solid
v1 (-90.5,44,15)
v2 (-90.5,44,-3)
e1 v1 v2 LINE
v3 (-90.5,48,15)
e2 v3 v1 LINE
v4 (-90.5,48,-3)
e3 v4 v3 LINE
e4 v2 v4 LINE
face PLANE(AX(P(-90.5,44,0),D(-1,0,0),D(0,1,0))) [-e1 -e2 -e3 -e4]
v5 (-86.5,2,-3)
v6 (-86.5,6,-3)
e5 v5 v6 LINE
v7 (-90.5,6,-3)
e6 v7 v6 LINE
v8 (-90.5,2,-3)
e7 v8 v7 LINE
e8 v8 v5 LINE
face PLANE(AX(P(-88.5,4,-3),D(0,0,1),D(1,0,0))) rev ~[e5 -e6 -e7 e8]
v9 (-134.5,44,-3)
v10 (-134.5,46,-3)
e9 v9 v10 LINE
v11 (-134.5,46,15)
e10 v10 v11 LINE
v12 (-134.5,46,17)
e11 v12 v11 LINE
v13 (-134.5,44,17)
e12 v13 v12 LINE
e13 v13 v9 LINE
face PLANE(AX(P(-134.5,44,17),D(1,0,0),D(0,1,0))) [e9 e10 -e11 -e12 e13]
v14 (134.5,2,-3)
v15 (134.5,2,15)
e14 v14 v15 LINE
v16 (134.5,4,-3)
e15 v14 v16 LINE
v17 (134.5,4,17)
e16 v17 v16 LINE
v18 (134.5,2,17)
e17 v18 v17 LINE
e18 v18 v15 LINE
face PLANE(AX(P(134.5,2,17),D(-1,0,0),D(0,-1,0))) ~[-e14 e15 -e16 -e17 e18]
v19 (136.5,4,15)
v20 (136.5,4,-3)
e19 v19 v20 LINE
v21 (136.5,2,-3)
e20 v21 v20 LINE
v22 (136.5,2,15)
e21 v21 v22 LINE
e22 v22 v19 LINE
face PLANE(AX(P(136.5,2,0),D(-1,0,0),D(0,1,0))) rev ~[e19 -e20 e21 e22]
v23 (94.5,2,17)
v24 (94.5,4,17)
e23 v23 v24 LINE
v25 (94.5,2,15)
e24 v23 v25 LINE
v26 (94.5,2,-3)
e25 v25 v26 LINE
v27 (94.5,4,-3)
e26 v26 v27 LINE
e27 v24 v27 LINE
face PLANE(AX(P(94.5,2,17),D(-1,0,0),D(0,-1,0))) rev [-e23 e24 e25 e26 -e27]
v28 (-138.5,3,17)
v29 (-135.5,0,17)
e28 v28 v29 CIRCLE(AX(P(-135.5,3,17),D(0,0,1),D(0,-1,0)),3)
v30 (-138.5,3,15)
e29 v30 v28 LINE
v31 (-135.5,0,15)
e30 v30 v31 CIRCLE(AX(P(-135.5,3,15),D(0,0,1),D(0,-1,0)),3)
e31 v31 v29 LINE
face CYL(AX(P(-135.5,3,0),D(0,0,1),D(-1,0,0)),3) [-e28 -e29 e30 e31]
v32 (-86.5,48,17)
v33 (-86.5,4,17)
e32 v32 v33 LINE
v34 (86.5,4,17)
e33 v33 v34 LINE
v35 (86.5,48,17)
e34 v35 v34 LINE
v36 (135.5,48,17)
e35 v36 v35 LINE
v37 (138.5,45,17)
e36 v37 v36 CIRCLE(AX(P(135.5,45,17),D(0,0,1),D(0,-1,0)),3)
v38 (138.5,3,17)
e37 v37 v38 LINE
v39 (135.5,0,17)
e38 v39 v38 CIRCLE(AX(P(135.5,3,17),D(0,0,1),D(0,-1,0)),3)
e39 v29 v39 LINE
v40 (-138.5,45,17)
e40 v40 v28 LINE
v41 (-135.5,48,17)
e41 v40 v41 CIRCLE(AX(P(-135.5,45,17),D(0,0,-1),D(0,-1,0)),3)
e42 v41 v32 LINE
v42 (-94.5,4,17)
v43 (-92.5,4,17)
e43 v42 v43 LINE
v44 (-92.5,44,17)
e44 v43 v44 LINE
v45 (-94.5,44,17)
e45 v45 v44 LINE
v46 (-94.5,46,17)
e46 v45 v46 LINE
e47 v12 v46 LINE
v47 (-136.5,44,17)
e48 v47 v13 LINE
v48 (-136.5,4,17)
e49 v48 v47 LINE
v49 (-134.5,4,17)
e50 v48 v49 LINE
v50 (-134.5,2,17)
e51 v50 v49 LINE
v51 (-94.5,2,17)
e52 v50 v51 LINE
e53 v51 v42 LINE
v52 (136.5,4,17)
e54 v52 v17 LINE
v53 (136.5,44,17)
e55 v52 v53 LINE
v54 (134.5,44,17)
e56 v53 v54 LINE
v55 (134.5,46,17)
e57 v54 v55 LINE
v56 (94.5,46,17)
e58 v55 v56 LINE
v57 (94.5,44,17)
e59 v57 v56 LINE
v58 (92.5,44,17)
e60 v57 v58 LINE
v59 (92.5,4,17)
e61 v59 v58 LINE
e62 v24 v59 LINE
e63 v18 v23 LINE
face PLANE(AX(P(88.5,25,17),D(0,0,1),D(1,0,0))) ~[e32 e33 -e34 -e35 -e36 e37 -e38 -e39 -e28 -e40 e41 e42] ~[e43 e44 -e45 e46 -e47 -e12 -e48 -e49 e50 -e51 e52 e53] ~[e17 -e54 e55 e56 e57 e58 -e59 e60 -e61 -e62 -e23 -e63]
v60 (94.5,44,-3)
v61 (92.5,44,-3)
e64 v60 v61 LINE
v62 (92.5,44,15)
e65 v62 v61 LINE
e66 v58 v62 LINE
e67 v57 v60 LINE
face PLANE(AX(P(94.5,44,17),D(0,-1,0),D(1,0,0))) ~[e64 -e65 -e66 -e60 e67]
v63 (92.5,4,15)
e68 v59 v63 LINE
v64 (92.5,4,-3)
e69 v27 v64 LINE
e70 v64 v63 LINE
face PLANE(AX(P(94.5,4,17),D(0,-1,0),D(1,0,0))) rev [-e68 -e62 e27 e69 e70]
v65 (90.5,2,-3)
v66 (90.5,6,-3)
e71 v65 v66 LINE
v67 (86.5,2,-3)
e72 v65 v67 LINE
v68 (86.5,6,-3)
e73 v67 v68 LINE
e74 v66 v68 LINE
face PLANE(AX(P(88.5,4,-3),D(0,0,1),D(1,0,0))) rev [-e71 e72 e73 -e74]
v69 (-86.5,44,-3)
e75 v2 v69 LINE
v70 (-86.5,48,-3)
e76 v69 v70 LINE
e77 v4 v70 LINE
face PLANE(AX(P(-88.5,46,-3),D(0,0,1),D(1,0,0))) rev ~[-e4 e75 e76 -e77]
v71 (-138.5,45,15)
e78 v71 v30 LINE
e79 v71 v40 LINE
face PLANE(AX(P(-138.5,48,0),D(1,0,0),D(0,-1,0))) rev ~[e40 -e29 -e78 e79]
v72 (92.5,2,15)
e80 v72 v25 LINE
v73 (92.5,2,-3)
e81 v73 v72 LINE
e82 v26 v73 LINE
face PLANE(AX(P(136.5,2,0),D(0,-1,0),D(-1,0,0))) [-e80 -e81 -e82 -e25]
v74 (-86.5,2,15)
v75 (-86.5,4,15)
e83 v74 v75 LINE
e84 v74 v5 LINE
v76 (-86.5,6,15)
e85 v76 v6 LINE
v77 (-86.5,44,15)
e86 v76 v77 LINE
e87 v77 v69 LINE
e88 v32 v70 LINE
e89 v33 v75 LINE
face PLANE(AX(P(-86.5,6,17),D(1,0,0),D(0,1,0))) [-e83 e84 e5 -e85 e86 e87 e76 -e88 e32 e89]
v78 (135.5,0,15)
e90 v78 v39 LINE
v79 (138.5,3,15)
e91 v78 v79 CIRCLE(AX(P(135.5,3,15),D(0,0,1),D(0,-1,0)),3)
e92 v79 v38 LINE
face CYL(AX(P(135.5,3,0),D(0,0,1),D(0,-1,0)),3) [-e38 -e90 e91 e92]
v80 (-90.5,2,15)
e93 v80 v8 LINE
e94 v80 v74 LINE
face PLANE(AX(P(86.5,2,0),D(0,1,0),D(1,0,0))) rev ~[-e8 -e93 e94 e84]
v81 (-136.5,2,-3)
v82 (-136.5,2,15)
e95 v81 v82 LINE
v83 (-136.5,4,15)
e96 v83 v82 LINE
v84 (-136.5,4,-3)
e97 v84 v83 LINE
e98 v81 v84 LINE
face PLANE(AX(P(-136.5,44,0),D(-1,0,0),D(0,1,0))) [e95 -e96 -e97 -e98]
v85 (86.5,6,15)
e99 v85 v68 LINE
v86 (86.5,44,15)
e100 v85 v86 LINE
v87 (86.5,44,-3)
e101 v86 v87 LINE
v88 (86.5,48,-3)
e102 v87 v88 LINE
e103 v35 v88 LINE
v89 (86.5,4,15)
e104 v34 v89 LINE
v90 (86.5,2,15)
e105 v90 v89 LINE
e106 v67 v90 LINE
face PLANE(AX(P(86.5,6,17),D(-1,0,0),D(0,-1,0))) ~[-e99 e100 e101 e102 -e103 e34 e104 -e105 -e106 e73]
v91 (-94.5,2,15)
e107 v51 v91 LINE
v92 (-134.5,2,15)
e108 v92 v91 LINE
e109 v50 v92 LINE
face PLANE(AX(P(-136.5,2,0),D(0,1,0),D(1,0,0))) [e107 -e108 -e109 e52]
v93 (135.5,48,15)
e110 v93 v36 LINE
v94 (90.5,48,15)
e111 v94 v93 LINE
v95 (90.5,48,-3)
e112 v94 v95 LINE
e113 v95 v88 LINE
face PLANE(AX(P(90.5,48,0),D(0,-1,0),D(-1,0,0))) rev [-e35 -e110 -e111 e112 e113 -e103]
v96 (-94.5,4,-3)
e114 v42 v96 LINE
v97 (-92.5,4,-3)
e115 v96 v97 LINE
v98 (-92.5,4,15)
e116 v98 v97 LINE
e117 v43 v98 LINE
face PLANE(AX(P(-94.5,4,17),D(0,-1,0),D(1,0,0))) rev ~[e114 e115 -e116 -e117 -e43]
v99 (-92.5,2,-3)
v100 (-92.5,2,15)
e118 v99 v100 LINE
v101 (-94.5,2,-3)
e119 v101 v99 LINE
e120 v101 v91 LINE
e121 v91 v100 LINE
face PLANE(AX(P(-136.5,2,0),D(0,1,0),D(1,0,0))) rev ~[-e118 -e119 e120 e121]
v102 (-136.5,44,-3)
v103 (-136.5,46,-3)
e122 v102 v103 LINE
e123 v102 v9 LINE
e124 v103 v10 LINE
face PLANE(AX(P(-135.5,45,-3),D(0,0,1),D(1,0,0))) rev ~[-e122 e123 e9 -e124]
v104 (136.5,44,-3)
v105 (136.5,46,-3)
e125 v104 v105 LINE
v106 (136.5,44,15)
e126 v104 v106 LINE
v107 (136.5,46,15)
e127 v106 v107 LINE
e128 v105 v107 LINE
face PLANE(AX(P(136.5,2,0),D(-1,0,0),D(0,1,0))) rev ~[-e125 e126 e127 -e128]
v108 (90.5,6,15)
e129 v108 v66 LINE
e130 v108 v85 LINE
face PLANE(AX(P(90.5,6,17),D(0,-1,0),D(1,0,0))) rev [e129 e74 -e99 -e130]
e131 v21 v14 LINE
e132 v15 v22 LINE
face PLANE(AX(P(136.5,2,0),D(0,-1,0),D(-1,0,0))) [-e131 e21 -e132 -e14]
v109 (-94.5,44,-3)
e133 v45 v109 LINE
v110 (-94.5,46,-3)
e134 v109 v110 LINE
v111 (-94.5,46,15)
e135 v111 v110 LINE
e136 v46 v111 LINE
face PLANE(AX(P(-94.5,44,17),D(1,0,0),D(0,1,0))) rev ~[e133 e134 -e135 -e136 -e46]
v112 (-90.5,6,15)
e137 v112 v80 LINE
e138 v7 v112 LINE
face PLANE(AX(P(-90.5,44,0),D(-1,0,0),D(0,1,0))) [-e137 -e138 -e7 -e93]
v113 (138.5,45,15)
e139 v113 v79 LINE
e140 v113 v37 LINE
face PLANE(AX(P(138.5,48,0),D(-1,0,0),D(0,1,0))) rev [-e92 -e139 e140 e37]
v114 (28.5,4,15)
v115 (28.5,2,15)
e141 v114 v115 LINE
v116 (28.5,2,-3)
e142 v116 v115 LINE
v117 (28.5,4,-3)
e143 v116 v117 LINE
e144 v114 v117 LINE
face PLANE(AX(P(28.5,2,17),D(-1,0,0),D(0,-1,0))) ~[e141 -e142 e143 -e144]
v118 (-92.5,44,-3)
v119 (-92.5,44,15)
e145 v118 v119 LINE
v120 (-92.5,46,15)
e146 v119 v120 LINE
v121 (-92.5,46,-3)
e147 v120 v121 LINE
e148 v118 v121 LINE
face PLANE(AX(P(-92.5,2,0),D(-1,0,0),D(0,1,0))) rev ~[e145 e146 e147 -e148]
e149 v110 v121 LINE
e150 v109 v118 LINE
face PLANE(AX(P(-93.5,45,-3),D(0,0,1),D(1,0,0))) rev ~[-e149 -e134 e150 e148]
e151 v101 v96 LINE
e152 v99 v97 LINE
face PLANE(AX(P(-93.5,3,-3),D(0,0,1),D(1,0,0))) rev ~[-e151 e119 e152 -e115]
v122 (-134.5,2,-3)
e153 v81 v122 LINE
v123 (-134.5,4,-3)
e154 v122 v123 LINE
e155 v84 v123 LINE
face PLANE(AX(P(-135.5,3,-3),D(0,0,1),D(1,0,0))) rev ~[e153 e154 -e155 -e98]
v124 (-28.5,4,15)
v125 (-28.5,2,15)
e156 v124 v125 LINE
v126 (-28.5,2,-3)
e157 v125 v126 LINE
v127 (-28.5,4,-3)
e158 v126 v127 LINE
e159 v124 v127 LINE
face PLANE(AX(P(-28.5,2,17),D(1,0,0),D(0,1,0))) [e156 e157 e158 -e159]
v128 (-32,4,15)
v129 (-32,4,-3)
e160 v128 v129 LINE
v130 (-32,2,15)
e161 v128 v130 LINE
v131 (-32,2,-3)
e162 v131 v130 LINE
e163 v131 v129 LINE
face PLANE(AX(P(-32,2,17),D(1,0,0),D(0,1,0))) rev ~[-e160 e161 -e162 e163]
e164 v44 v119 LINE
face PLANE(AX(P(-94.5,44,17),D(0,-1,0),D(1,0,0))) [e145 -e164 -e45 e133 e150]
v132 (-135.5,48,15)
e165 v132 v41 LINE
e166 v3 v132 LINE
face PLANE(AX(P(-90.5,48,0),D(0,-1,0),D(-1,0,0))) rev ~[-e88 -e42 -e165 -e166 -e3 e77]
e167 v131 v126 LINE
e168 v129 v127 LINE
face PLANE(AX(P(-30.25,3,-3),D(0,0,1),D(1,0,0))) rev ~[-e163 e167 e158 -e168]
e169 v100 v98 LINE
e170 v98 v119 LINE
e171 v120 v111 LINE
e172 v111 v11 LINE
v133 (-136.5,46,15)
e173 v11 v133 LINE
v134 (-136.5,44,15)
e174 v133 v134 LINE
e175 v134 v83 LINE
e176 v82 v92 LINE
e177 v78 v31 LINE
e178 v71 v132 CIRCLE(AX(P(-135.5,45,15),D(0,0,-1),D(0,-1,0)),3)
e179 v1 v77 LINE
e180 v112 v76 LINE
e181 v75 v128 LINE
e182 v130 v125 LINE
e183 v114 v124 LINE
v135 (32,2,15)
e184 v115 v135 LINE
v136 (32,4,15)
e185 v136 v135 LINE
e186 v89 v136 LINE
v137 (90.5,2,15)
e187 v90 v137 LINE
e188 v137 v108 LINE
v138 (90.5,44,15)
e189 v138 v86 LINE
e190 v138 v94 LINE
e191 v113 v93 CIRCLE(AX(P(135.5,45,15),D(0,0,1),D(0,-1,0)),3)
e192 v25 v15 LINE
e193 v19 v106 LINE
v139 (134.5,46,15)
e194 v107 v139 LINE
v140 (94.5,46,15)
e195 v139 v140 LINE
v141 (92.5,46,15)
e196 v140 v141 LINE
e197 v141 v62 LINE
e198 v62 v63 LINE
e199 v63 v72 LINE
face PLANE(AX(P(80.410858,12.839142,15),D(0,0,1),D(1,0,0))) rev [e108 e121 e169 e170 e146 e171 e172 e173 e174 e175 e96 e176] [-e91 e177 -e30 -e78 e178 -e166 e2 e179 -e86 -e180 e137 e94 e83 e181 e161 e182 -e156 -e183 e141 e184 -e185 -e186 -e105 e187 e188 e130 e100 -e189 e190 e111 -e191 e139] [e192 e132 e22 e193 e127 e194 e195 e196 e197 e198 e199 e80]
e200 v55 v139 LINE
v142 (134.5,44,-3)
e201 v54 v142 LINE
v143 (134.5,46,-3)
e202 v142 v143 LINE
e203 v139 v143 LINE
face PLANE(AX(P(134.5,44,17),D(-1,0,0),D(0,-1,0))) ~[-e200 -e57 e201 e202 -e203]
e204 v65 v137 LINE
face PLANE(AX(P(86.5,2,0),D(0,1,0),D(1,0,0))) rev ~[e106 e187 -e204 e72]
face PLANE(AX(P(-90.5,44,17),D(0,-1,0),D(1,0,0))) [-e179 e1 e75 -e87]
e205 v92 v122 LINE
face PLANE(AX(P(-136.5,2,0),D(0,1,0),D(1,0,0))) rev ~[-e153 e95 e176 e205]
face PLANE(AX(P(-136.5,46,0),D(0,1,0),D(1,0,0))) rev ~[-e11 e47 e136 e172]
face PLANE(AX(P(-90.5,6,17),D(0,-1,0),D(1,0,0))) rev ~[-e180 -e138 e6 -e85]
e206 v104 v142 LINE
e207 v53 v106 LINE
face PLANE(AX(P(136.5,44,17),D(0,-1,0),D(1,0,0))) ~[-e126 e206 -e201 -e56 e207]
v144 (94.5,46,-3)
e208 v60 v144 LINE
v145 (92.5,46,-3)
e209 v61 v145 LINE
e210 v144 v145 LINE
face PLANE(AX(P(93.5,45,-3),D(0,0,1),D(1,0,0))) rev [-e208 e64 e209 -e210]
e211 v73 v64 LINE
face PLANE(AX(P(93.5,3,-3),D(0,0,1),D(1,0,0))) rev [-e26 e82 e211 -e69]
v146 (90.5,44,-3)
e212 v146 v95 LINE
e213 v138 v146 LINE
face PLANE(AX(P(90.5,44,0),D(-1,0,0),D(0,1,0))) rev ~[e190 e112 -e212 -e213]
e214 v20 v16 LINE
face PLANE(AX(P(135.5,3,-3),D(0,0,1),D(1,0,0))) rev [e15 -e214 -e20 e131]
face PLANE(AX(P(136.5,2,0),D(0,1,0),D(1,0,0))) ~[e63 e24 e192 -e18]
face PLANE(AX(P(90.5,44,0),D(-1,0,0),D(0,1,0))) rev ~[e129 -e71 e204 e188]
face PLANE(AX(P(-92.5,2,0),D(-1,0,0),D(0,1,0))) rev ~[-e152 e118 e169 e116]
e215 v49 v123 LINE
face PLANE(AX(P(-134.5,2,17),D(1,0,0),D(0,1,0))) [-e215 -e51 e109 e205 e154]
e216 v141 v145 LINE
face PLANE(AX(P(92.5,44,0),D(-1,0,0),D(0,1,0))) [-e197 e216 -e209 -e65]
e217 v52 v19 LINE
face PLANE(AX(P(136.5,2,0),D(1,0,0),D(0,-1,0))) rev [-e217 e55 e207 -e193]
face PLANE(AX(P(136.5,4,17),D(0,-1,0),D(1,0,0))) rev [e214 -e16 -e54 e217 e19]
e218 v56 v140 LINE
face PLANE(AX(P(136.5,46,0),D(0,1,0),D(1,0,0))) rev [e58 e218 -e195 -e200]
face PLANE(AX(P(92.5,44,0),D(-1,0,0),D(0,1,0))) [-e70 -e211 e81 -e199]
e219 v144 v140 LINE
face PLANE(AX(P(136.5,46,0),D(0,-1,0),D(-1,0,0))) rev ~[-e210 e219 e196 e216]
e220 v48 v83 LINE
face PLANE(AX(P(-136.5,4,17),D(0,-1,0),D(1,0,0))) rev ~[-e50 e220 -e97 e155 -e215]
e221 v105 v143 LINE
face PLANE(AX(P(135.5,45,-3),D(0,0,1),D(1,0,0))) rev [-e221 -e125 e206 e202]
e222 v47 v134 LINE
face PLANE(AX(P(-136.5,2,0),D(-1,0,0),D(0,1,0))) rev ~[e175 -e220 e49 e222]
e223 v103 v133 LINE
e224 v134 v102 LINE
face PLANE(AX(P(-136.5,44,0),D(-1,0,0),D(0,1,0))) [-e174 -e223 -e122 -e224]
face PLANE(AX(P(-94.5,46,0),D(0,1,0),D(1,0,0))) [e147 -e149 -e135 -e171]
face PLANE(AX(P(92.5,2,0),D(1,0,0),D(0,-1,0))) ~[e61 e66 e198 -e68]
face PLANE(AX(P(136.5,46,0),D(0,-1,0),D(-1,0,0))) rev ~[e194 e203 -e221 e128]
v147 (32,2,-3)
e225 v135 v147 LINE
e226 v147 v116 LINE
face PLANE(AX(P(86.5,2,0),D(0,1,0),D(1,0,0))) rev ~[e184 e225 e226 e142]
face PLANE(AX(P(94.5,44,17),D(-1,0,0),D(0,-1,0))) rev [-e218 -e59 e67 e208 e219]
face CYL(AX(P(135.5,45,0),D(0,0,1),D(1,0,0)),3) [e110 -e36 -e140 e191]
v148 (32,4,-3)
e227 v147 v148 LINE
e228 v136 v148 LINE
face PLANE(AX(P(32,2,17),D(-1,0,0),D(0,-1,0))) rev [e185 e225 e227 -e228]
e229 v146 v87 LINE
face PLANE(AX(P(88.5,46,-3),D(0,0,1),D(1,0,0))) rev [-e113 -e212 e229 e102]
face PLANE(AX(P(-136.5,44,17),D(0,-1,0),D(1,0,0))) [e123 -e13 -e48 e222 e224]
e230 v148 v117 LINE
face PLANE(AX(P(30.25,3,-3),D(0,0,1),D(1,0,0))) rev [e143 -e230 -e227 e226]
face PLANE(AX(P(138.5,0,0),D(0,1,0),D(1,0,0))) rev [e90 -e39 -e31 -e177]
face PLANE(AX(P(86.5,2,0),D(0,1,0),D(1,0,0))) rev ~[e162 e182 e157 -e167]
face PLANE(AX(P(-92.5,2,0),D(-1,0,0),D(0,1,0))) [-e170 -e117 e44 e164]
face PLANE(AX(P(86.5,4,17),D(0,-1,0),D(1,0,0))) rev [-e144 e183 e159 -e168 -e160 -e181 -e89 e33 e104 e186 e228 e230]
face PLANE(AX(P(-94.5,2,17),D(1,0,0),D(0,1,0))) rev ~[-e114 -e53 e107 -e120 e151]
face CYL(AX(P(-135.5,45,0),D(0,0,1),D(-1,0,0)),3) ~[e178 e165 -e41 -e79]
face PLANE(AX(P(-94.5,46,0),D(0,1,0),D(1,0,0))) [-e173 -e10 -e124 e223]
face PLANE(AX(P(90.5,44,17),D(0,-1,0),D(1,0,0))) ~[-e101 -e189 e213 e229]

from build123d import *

# Parameters (mm, degrees)
F0_W     = 44
F0_H     = 44
F1_DEPTH = 17
F2_W     = 2
F2_H     = 2
F2_W_2   = 4
F2_H_2   = 4
F2_W_3   = 3.5
F3_DEPTH = 20
F4_W     = 4
F4_H     = 38
F4_W_2   = 86.5
F4_H_2   = 2
F5_DEPTH = 2
F7_R     = 3
F8_R     = 3
F9_DEPTH = 15


with BuildPart() as f1:
    # F0 (on Top) → F1 (new body)
    with BuildSketch(Plane.XY):
        Polygon((-138.5, 0), (-90.5, 0), (0, 0), (0, 2), (-90.5, 2), (-90.5, 48), (-138.5, 48), align=None)
        with Locations((-114.5, 24)):
            Rectangle(F0_W, F0_H, mode=Mode.SUBTRACT)
    extrude(amount=F1_DEPTH)

    # F2 (on face) → F3 (join)
    with BuildSketch(Plane.XY.offset(17)):
        with Locations((-135.5, 3)):
            Rectangle(F2_W, F2_H)
        with Locations((-135.5, 45)):
            Rectangle(F2_W, F2_H)
        with Locations((-93.5, 3)):
            Rectangle(F2_W, F2_H)
        with Locations((-93.5, 45)):
            Rectangle(F2_W, F2_H)
        with Locations((-88.5, 46)):
            Rectangle(F2_W_2, F2_H_2)
        with Locations((-88.5, 4)):
            Rectangle(F2_W_2, F2_H_2)
        with Locations((-30.25, 3)):
            Rectangle(F2_W_3, F2_H)
    extrude(amount=-F3_DEPTH)

    # F4 (on face) → F5 (join)
    with BuildSketch(Plane.XY.offset(17)):
        with Locations((-88.5, 25)):
            Rectangle(F4_W, F4_H)
        with Locations((-43.25, 3)):
            Rectangle(F4_W_2, F4_H_2)
    extrude(amount=-F5_DEPTH)

    # F6: F1 across face


with BuildPart() as f1_1:
    add(f1.part)
    add(f1.part.mirror(Plane(origin=(0, 1.2105263158, 9.2894736842), x_dir=(0, 1, 0), z_dir=(1, 0, 0))))

    # F7
    f7_edges = [f1_1.edges().sort_by_distance(p)[0] for p in [
        (-138.5, 0, 8.5),
        (138.5, 0, 8.5),
    ]]
    fillet(f7_edges, radius=F7_R)

    # F8
    f8_edges = [f1_1.edges().sort_by_distance(p)[0] for p in [
        (-138.5, 48, 8.5),
        (138.5, 48, 8.5),
    ]]
    fillet(f8_edges, radius=F8_R)

    # F9 (cut): a face of the model
    f9_faces = [f1_1.faces().sort_by_distance(p)[0] for p in [
        (-138.2188719153, 24, 0),
    ]]
    extrude(f9_faces, amount=-F9_DEPTH, mode=Mode.SUBTRACT)


solid = f1_1.part
